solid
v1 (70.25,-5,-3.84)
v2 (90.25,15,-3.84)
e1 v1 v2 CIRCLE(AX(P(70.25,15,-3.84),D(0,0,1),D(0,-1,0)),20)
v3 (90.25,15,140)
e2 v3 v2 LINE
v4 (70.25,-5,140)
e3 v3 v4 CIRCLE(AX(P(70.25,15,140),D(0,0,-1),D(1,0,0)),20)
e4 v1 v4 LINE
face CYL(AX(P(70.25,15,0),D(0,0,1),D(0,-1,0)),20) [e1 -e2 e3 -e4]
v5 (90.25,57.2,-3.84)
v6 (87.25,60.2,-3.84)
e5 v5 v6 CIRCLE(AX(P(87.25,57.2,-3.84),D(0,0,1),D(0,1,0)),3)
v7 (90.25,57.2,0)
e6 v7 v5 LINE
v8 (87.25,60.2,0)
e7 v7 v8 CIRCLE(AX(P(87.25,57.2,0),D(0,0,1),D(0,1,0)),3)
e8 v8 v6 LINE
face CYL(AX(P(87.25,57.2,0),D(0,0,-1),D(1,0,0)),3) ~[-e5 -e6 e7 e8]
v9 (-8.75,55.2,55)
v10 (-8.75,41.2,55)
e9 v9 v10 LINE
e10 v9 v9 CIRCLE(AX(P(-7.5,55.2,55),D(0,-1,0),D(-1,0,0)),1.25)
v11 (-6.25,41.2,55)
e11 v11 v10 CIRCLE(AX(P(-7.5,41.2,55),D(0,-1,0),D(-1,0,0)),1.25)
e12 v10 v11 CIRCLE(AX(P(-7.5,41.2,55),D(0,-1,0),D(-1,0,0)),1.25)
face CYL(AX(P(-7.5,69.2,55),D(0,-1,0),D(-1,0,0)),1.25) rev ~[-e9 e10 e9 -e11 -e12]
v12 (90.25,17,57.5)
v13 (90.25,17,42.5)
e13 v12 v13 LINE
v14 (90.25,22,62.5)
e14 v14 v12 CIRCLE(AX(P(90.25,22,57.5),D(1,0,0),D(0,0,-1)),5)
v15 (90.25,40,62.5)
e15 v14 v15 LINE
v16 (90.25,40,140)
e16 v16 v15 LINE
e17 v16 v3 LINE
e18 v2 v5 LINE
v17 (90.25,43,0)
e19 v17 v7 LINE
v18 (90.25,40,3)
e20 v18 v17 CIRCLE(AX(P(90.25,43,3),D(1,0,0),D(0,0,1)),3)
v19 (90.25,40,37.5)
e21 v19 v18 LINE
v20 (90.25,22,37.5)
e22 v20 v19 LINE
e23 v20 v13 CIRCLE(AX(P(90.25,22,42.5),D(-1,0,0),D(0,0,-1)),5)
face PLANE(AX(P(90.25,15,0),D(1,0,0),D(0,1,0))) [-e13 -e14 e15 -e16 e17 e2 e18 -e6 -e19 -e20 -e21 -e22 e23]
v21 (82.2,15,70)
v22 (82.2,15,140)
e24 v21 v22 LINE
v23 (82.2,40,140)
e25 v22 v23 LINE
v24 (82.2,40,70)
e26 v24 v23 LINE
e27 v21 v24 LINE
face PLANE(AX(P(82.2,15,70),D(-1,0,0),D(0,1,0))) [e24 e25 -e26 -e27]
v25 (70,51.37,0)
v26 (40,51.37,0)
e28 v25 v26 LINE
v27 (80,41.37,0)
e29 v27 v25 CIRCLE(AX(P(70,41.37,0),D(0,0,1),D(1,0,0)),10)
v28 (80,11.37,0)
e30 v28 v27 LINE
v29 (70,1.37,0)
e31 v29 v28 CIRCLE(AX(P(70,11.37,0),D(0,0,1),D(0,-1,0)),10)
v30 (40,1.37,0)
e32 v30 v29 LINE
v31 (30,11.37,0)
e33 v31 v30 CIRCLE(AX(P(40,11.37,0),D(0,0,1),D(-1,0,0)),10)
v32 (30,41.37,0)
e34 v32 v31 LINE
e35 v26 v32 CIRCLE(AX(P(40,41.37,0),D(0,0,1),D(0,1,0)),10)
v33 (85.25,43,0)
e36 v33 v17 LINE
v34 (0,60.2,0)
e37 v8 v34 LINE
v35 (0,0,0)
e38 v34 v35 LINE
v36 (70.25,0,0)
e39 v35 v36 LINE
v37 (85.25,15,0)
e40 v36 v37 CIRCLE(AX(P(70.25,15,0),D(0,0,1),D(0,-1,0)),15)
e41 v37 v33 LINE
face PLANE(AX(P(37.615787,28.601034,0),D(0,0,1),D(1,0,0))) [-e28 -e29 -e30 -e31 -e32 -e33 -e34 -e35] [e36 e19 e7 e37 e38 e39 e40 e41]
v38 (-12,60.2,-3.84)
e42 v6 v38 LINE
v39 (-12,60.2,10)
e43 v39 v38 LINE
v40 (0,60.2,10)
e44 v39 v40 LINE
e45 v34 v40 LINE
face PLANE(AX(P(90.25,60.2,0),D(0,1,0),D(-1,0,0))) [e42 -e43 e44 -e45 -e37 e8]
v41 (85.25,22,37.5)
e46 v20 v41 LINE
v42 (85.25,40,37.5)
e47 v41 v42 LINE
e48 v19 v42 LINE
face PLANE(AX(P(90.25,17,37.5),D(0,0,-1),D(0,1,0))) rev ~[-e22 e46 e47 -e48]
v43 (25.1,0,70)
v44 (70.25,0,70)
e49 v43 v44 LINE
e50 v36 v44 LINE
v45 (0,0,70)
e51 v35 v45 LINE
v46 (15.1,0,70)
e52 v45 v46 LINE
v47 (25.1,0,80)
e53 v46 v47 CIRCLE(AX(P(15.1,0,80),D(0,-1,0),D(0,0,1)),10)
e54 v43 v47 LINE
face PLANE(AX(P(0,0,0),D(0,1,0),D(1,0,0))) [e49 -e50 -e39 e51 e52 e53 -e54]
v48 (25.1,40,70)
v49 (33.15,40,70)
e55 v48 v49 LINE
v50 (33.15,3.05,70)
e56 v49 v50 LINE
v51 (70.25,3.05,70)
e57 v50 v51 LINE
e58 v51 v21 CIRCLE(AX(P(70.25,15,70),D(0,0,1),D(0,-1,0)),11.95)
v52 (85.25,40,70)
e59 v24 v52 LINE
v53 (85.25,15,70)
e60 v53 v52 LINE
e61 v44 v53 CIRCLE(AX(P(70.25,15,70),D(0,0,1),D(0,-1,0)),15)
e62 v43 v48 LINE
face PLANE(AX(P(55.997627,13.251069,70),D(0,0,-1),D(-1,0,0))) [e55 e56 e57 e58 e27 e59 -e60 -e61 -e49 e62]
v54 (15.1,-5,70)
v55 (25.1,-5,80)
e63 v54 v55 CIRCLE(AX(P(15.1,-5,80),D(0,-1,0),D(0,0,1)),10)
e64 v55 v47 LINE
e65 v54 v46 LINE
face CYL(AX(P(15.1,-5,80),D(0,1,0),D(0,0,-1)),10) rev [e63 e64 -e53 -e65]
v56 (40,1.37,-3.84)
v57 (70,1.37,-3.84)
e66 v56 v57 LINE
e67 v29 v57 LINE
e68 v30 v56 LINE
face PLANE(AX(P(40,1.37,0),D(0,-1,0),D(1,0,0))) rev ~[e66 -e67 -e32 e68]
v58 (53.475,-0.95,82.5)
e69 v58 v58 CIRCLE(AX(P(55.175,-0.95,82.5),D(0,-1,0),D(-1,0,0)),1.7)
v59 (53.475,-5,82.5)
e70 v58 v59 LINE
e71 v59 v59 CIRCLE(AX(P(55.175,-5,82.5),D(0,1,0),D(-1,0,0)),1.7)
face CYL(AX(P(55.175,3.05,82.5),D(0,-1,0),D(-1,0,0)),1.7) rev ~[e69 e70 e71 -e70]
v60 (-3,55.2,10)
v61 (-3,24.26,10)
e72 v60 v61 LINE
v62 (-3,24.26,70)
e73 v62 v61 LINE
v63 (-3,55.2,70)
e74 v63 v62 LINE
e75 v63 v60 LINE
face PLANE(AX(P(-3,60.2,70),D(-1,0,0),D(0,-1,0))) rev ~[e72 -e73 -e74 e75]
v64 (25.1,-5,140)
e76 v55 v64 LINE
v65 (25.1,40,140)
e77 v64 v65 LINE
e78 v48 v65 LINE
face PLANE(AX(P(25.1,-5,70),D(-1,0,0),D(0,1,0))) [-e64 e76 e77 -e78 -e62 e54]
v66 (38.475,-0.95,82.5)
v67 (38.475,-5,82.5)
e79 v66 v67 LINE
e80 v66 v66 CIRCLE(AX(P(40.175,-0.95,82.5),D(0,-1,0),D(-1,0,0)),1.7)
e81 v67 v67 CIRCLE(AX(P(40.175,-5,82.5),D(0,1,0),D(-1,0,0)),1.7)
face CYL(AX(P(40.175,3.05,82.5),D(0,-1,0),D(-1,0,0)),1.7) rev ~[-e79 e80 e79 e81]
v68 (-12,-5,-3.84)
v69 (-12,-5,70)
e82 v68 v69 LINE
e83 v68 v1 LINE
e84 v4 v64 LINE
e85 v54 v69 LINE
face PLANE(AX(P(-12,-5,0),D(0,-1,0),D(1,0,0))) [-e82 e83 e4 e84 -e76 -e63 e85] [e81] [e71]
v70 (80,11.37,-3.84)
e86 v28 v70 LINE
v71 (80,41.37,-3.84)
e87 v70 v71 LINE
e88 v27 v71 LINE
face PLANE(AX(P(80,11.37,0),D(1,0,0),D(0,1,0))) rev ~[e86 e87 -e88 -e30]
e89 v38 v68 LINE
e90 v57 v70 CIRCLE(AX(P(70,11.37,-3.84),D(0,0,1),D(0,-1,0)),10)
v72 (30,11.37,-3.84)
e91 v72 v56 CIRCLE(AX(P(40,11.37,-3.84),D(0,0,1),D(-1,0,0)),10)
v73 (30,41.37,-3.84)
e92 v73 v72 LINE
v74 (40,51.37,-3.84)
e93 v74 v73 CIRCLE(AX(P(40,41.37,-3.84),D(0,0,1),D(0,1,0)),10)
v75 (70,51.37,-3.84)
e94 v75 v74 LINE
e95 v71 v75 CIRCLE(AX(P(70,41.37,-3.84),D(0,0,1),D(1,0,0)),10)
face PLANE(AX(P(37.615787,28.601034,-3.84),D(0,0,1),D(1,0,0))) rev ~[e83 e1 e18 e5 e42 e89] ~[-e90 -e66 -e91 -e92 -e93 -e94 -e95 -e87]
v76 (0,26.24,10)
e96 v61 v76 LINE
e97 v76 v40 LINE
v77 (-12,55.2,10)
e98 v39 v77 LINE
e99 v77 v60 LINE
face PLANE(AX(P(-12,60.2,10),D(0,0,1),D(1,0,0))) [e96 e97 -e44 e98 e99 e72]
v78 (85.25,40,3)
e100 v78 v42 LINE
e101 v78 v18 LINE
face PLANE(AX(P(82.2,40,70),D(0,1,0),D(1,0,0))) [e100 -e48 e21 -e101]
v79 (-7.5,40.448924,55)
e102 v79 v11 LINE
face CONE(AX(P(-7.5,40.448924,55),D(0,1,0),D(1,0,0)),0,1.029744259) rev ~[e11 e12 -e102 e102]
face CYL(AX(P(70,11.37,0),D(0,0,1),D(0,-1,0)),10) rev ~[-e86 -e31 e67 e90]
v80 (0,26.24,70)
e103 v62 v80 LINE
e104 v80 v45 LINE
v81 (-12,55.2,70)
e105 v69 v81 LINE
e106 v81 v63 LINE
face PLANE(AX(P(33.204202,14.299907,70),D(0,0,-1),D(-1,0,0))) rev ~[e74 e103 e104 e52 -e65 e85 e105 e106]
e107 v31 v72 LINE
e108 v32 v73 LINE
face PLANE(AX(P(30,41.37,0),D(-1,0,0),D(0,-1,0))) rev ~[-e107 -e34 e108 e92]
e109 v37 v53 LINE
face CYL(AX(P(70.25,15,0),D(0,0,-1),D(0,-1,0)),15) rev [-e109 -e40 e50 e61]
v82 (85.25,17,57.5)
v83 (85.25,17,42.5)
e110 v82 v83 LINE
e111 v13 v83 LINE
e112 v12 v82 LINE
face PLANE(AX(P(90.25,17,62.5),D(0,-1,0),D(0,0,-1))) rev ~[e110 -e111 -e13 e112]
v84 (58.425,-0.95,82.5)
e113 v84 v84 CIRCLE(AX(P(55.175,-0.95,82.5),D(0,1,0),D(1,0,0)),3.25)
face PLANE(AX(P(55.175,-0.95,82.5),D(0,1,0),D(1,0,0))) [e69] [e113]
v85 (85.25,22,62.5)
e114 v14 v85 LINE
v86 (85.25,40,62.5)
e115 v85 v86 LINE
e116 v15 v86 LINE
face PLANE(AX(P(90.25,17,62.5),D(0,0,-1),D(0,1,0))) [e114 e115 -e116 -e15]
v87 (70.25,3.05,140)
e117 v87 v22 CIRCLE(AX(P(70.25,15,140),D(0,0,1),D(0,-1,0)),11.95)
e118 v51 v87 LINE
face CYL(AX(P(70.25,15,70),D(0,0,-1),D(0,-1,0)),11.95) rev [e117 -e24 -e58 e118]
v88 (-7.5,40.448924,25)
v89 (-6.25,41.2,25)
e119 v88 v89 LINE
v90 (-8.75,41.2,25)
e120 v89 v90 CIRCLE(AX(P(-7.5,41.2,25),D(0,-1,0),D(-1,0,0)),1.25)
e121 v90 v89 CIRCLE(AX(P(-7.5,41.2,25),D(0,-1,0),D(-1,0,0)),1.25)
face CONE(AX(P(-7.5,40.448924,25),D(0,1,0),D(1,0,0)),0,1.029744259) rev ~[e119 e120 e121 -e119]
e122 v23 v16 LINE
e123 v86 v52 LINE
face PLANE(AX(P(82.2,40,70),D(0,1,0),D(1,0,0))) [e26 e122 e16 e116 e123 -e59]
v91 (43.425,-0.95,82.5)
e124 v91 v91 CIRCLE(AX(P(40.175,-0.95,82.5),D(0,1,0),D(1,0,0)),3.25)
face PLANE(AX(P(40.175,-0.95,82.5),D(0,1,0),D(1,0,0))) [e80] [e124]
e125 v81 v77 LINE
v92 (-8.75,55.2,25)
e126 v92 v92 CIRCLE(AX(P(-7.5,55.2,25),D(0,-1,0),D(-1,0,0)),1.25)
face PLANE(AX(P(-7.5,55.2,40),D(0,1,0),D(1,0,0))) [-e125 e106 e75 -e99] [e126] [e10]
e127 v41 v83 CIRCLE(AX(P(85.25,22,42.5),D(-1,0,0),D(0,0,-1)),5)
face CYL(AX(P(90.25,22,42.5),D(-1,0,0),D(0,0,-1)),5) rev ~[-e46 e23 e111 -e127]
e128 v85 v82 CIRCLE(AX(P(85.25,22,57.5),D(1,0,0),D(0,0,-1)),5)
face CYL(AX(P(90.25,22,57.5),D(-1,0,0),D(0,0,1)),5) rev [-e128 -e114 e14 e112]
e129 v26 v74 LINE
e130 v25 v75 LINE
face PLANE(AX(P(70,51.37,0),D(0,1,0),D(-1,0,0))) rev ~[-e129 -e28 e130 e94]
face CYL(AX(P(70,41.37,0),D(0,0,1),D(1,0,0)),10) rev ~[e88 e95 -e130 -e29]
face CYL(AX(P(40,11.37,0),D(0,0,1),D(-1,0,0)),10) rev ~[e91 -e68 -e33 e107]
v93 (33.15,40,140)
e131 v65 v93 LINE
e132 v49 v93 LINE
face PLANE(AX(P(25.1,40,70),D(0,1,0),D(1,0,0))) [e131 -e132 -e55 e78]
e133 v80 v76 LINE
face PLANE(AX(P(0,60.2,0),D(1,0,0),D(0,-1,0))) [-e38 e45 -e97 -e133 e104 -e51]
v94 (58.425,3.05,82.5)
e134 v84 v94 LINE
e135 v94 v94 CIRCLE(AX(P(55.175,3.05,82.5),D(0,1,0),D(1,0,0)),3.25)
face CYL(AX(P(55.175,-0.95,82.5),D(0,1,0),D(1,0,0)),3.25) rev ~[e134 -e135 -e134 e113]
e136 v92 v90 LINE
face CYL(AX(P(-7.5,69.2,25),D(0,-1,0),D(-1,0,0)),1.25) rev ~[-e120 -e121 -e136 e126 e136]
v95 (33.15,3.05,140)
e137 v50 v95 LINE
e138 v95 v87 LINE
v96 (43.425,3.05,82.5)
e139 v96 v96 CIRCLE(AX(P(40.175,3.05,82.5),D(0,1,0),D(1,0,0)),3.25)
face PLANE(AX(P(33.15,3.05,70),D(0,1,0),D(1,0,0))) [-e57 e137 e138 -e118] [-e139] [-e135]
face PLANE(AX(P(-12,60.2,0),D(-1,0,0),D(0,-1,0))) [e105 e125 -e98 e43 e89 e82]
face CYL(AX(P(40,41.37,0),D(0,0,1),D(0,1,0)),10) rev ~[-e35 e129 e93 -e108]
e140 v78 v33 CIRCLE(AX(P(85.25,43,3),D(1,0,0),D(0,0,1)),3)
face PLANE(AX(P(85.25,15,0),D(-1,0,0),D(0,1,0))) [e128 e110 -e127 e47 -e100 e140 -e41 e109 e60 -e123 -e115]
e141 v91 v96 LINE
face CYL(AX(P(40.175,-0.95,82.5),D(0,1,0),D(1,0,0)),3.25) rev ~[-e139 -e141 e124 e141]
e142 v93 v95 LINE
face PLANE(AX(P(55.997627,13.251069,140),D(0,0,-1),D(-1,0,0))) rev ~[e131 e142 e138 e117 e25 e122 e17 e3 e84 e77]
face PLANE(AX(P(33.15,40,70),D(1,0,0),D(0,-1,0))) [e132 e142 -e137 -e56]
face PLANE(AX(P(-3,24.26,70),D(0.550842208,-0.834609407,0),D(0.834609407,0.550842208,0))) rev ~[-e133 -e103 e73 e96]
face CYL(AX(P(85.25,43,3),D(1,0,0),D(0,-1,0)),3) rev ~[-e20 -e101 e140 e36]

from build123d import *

# Parameters (mm, degrees)
BOSS_EXTRUDE1_DEPTH            = 70
BOSS_EXTRUDE2_DEPTH            = 70
CUT_EXTRUDE1_DEPTH             = 60
SKETCH13_W                     = 9
SKETCH13_H                     = 60
CUT_EXTRUDE3_DEPTH             = 5
SKETCH12_W                     = 25
SKETCH12_H                     = 23
CUT_EXTRUDE2_DEPTH             = 5
BOSS_EXTRUDE3_DEPTH            = 3.84
CBORE_FOR_M3_SHCS1_D           = 3.4
CBORE_FOR_M3_SHCS1_DEPTH       = 8.05
CBORE_FOR_M3_SHCS1_CBORE_D     = 6.5
CBORE_FOR_M3_SHCS1_CBORE_DEPTH = 4
CBORE_FOR_M3_SHCS1_TIP         = 1.021463052
M3X0_5_TAPPED_HOLE1_D          = 2.5
M3X0_5_TAPPED_HOLE1_DEPTH      = 14
M3X0_5_TAPPED_HOLE1_TIP        = 0.751075774
FILLET1_R                      = 10
FILLET4_R                      = 5
FILLET5_R                      = 3


with BuildPart() as part:
    # Sketch3 → Boss-Extrude1 (new body)
    with BuildSketch(Plane.XY):
        with BuildLine():
            Line((85.25, 15), (85.25, 40))
            Line((85.25, 40), (90.25, 40))
            Line((90.25, 40), (90.25, 15))
            ThreePointArc((90.25, 15), (84.392135624, 0.857864376), (70.25, -5))
            Line((70.25, -5), (-12, -5))
            Line((-12, -5), (-12, 60.2))
            Line((-12, 60.2), (0, 60.2))
            Line((0, 60.2), (0, 0))
            Line((0, 0), (70.25, 0))
            ThreePointArc((70.25, 0), (80.856601718, 4.393398282), (85.25, 15))
        make_face()
    extrude(amount=BOSS_EXTRUDE1_DEPTH)

    # Sketch5 → Boss-Extrude2 (add)
    with BuildSketch(Plane.XY.offset(70)):
        with BuildLine():
            Line((82.2, 15), (82.2, 40))
            Line((82.2, 40), (90.25, 40))
            Line((90.25, 40), (90.25, 15))
            ThreePointArc((90.25, 15), (84.392135624, 0.857864376), (70.25, -5))
            Line((70.25, -5), (25.1, -5))
            Line((25.1, -5), (25.1, 40))
            Line((25.1, 40), (33.15, 40))
            Line((33.15, 40), (33.15, 3.05))
            Line((33.15, 3.05), (70.25, 3.05))
            ThreePointArc((70.25, 3.05), (78.699926035, 6.550073965), (82.2, 15))
        make_face()
    extrude(amount=BOSS_EXTRUDE2_DEPTH)

    # Sketch6 → Cut-Extrude1 (cut)
    with BuildSketch(Plane.XY.offset(70)):
        Polygon((-3, 24.26), (0, 26.24), (0, 60.2), (-3, 60.2), align=None)
    extrude(amount=-CUT_EXTRUDE1_DEPTH, mode=Mode.SUBTRACT)

    # Sketch13 → Cut-Extrude3 (cut)
    with BuildSketch(Plane(origin=(0, 60.2, 0), x_dir=(1, 0, 0), z_dir=(0, 1, 0))):
        with Locations((-7.5, -40)):
            Rectangle(SKETCH13_W, SKETCH13_H)
    extrude(amount=-CUT_EXTRUDE3_DEPTH, mode=Mode.SUBTRACT)

    # Sketch12 → Cut-Extrude2 (cut)
    with BuildSketch(Plane(origin=(90.25, 0, 0), x_dir=(0, 0, -1), z_dir=(1, 0, 0))):
        with Locations((-50, 28.5)):
            Rectangle(SKETCH12_W, SKETCH12_H)
    extrude(amount=-CUT_EXTRUDE2_DEPTH, mode=Mode.SUBTRACT)

    # Sketch7 → Boss-Extrude3 (add)
    with BuildSketch(Plane.XY):
        with BuildLine():
            Line((-12, 60.2), (-12, -5))
            Line((-12, -5), (70.25, -5))
            ThreePointArc((70.25, -5), (84.392135624, 0.857864376), (90.25, 15))
            Line((90.25, 15), (90.25, 60.2))
            Line((90.25, 60.2), (-12, 60.2))
        make_face()
        with BuildLine():
            Line((70, 51.37), (40, 51.37))
            ThreePointArc((40, 51.37), (32.928932188, 48.441067812), (30, 41.37))
            Line((30, 41.37), (30, 11.37))
            ThreePointArc((30, 11.37), (32.928932188, 4.298932188), (40, 1.37))
            Line((40, 1.37), (70, 1.37))
            ThreePointArc((70, 1.37), (77.071067812, 4.298932188), (80, 11.37))
            Line((80, 11.37), (80, 41.37))
            ThreePointArc((80, 41.37), (77.071067812, 48.441067812), (70, 51.37))
        make_face(mode=Mode.SUBTRACT)
    extrude(amount=-BOSS_EXTRUDE3_DEPTH)

    # CBORE for M3 SHCS1
    with Locations(Plane(origin=(0, 3.05, 0), x_dir=(1, 0, 0), z_dir=(0, 1, 0))):
        with Locations((40.175, -82.5), (55.175, -82.5)):
            CounterBoreHole(CBORE_FOR_M3_SHCS1_D / 2, CBORE_FOR_M3_SHCS1_CBORE_D / 2, CBORE_FOR_M3_SHCS1_CBORE_DEPTH, depth=CBORE_FOR_M3_SHCS1_DEPTH)
            with Locations((0, 0, -(CBORE_FOR_M3_SHCS1_DEPTH + CBORE_FOR_M3_SHCS1_TIP / 2))):  # 118° drill point
                Cone(0, CBORE_FOR_M3_SHCS1_D / 2, CBORE_FOR_M3_SHCS1_TIP, mode=Mode.SUBTRACT)

    # M3x0.5 Tapped Hole1
    with Locations(Plane(origin=(0, 55.2, 0), x_dir=(1, 0, 0), z_dir=(0, 1, 0))):
        with Locations((-7.5, -25), (-7.5, -55)):
            Hole(M3X0_5_TAPPED_HOLE1_D / 2, depth=M3X0_5_TAPPED_HOLE1_DEPTH)
            with Locations((0, 0, -(M3X0_5_TAPPED_HOLE1_DEPTH + M3X0_5_TAPPED_HOLE1_TIP / 2))):  # 118° drill point
                Cone(0, M3X0_5_TAPPED_HOLE1_D / 2, M3X0_5_TAPPED_HOLE1_TIP, mode=Mode.SUBTRACT)

    # Fillet1
    fillet1_edges = [part.edges().sort_by_distance(p)[0] for p in [
        (25.1, -2.5, 70),
    ]]
    fillet(fillet1_edges, radius=FILLET1_R)

    # Fillet4
    fillet4_edges = [part.edges().sort_by_distance(p)[0] for p in [
        (87.75, 17, 37.5),
        (87.75, 17, 62.5),
    ]]
    fillet(fillet4_edges, radius=FILLET4_R)

    # Fillet5
    fillet5_edges = [part.edges().sort_by_distance(p)[0] for p in [
        (87.75, 40, 0),
        (90.25, 60.2, -1.92),
    ]]
    fillet(fillet5_edges, radius=FILLET5_R)


solid = part.part
